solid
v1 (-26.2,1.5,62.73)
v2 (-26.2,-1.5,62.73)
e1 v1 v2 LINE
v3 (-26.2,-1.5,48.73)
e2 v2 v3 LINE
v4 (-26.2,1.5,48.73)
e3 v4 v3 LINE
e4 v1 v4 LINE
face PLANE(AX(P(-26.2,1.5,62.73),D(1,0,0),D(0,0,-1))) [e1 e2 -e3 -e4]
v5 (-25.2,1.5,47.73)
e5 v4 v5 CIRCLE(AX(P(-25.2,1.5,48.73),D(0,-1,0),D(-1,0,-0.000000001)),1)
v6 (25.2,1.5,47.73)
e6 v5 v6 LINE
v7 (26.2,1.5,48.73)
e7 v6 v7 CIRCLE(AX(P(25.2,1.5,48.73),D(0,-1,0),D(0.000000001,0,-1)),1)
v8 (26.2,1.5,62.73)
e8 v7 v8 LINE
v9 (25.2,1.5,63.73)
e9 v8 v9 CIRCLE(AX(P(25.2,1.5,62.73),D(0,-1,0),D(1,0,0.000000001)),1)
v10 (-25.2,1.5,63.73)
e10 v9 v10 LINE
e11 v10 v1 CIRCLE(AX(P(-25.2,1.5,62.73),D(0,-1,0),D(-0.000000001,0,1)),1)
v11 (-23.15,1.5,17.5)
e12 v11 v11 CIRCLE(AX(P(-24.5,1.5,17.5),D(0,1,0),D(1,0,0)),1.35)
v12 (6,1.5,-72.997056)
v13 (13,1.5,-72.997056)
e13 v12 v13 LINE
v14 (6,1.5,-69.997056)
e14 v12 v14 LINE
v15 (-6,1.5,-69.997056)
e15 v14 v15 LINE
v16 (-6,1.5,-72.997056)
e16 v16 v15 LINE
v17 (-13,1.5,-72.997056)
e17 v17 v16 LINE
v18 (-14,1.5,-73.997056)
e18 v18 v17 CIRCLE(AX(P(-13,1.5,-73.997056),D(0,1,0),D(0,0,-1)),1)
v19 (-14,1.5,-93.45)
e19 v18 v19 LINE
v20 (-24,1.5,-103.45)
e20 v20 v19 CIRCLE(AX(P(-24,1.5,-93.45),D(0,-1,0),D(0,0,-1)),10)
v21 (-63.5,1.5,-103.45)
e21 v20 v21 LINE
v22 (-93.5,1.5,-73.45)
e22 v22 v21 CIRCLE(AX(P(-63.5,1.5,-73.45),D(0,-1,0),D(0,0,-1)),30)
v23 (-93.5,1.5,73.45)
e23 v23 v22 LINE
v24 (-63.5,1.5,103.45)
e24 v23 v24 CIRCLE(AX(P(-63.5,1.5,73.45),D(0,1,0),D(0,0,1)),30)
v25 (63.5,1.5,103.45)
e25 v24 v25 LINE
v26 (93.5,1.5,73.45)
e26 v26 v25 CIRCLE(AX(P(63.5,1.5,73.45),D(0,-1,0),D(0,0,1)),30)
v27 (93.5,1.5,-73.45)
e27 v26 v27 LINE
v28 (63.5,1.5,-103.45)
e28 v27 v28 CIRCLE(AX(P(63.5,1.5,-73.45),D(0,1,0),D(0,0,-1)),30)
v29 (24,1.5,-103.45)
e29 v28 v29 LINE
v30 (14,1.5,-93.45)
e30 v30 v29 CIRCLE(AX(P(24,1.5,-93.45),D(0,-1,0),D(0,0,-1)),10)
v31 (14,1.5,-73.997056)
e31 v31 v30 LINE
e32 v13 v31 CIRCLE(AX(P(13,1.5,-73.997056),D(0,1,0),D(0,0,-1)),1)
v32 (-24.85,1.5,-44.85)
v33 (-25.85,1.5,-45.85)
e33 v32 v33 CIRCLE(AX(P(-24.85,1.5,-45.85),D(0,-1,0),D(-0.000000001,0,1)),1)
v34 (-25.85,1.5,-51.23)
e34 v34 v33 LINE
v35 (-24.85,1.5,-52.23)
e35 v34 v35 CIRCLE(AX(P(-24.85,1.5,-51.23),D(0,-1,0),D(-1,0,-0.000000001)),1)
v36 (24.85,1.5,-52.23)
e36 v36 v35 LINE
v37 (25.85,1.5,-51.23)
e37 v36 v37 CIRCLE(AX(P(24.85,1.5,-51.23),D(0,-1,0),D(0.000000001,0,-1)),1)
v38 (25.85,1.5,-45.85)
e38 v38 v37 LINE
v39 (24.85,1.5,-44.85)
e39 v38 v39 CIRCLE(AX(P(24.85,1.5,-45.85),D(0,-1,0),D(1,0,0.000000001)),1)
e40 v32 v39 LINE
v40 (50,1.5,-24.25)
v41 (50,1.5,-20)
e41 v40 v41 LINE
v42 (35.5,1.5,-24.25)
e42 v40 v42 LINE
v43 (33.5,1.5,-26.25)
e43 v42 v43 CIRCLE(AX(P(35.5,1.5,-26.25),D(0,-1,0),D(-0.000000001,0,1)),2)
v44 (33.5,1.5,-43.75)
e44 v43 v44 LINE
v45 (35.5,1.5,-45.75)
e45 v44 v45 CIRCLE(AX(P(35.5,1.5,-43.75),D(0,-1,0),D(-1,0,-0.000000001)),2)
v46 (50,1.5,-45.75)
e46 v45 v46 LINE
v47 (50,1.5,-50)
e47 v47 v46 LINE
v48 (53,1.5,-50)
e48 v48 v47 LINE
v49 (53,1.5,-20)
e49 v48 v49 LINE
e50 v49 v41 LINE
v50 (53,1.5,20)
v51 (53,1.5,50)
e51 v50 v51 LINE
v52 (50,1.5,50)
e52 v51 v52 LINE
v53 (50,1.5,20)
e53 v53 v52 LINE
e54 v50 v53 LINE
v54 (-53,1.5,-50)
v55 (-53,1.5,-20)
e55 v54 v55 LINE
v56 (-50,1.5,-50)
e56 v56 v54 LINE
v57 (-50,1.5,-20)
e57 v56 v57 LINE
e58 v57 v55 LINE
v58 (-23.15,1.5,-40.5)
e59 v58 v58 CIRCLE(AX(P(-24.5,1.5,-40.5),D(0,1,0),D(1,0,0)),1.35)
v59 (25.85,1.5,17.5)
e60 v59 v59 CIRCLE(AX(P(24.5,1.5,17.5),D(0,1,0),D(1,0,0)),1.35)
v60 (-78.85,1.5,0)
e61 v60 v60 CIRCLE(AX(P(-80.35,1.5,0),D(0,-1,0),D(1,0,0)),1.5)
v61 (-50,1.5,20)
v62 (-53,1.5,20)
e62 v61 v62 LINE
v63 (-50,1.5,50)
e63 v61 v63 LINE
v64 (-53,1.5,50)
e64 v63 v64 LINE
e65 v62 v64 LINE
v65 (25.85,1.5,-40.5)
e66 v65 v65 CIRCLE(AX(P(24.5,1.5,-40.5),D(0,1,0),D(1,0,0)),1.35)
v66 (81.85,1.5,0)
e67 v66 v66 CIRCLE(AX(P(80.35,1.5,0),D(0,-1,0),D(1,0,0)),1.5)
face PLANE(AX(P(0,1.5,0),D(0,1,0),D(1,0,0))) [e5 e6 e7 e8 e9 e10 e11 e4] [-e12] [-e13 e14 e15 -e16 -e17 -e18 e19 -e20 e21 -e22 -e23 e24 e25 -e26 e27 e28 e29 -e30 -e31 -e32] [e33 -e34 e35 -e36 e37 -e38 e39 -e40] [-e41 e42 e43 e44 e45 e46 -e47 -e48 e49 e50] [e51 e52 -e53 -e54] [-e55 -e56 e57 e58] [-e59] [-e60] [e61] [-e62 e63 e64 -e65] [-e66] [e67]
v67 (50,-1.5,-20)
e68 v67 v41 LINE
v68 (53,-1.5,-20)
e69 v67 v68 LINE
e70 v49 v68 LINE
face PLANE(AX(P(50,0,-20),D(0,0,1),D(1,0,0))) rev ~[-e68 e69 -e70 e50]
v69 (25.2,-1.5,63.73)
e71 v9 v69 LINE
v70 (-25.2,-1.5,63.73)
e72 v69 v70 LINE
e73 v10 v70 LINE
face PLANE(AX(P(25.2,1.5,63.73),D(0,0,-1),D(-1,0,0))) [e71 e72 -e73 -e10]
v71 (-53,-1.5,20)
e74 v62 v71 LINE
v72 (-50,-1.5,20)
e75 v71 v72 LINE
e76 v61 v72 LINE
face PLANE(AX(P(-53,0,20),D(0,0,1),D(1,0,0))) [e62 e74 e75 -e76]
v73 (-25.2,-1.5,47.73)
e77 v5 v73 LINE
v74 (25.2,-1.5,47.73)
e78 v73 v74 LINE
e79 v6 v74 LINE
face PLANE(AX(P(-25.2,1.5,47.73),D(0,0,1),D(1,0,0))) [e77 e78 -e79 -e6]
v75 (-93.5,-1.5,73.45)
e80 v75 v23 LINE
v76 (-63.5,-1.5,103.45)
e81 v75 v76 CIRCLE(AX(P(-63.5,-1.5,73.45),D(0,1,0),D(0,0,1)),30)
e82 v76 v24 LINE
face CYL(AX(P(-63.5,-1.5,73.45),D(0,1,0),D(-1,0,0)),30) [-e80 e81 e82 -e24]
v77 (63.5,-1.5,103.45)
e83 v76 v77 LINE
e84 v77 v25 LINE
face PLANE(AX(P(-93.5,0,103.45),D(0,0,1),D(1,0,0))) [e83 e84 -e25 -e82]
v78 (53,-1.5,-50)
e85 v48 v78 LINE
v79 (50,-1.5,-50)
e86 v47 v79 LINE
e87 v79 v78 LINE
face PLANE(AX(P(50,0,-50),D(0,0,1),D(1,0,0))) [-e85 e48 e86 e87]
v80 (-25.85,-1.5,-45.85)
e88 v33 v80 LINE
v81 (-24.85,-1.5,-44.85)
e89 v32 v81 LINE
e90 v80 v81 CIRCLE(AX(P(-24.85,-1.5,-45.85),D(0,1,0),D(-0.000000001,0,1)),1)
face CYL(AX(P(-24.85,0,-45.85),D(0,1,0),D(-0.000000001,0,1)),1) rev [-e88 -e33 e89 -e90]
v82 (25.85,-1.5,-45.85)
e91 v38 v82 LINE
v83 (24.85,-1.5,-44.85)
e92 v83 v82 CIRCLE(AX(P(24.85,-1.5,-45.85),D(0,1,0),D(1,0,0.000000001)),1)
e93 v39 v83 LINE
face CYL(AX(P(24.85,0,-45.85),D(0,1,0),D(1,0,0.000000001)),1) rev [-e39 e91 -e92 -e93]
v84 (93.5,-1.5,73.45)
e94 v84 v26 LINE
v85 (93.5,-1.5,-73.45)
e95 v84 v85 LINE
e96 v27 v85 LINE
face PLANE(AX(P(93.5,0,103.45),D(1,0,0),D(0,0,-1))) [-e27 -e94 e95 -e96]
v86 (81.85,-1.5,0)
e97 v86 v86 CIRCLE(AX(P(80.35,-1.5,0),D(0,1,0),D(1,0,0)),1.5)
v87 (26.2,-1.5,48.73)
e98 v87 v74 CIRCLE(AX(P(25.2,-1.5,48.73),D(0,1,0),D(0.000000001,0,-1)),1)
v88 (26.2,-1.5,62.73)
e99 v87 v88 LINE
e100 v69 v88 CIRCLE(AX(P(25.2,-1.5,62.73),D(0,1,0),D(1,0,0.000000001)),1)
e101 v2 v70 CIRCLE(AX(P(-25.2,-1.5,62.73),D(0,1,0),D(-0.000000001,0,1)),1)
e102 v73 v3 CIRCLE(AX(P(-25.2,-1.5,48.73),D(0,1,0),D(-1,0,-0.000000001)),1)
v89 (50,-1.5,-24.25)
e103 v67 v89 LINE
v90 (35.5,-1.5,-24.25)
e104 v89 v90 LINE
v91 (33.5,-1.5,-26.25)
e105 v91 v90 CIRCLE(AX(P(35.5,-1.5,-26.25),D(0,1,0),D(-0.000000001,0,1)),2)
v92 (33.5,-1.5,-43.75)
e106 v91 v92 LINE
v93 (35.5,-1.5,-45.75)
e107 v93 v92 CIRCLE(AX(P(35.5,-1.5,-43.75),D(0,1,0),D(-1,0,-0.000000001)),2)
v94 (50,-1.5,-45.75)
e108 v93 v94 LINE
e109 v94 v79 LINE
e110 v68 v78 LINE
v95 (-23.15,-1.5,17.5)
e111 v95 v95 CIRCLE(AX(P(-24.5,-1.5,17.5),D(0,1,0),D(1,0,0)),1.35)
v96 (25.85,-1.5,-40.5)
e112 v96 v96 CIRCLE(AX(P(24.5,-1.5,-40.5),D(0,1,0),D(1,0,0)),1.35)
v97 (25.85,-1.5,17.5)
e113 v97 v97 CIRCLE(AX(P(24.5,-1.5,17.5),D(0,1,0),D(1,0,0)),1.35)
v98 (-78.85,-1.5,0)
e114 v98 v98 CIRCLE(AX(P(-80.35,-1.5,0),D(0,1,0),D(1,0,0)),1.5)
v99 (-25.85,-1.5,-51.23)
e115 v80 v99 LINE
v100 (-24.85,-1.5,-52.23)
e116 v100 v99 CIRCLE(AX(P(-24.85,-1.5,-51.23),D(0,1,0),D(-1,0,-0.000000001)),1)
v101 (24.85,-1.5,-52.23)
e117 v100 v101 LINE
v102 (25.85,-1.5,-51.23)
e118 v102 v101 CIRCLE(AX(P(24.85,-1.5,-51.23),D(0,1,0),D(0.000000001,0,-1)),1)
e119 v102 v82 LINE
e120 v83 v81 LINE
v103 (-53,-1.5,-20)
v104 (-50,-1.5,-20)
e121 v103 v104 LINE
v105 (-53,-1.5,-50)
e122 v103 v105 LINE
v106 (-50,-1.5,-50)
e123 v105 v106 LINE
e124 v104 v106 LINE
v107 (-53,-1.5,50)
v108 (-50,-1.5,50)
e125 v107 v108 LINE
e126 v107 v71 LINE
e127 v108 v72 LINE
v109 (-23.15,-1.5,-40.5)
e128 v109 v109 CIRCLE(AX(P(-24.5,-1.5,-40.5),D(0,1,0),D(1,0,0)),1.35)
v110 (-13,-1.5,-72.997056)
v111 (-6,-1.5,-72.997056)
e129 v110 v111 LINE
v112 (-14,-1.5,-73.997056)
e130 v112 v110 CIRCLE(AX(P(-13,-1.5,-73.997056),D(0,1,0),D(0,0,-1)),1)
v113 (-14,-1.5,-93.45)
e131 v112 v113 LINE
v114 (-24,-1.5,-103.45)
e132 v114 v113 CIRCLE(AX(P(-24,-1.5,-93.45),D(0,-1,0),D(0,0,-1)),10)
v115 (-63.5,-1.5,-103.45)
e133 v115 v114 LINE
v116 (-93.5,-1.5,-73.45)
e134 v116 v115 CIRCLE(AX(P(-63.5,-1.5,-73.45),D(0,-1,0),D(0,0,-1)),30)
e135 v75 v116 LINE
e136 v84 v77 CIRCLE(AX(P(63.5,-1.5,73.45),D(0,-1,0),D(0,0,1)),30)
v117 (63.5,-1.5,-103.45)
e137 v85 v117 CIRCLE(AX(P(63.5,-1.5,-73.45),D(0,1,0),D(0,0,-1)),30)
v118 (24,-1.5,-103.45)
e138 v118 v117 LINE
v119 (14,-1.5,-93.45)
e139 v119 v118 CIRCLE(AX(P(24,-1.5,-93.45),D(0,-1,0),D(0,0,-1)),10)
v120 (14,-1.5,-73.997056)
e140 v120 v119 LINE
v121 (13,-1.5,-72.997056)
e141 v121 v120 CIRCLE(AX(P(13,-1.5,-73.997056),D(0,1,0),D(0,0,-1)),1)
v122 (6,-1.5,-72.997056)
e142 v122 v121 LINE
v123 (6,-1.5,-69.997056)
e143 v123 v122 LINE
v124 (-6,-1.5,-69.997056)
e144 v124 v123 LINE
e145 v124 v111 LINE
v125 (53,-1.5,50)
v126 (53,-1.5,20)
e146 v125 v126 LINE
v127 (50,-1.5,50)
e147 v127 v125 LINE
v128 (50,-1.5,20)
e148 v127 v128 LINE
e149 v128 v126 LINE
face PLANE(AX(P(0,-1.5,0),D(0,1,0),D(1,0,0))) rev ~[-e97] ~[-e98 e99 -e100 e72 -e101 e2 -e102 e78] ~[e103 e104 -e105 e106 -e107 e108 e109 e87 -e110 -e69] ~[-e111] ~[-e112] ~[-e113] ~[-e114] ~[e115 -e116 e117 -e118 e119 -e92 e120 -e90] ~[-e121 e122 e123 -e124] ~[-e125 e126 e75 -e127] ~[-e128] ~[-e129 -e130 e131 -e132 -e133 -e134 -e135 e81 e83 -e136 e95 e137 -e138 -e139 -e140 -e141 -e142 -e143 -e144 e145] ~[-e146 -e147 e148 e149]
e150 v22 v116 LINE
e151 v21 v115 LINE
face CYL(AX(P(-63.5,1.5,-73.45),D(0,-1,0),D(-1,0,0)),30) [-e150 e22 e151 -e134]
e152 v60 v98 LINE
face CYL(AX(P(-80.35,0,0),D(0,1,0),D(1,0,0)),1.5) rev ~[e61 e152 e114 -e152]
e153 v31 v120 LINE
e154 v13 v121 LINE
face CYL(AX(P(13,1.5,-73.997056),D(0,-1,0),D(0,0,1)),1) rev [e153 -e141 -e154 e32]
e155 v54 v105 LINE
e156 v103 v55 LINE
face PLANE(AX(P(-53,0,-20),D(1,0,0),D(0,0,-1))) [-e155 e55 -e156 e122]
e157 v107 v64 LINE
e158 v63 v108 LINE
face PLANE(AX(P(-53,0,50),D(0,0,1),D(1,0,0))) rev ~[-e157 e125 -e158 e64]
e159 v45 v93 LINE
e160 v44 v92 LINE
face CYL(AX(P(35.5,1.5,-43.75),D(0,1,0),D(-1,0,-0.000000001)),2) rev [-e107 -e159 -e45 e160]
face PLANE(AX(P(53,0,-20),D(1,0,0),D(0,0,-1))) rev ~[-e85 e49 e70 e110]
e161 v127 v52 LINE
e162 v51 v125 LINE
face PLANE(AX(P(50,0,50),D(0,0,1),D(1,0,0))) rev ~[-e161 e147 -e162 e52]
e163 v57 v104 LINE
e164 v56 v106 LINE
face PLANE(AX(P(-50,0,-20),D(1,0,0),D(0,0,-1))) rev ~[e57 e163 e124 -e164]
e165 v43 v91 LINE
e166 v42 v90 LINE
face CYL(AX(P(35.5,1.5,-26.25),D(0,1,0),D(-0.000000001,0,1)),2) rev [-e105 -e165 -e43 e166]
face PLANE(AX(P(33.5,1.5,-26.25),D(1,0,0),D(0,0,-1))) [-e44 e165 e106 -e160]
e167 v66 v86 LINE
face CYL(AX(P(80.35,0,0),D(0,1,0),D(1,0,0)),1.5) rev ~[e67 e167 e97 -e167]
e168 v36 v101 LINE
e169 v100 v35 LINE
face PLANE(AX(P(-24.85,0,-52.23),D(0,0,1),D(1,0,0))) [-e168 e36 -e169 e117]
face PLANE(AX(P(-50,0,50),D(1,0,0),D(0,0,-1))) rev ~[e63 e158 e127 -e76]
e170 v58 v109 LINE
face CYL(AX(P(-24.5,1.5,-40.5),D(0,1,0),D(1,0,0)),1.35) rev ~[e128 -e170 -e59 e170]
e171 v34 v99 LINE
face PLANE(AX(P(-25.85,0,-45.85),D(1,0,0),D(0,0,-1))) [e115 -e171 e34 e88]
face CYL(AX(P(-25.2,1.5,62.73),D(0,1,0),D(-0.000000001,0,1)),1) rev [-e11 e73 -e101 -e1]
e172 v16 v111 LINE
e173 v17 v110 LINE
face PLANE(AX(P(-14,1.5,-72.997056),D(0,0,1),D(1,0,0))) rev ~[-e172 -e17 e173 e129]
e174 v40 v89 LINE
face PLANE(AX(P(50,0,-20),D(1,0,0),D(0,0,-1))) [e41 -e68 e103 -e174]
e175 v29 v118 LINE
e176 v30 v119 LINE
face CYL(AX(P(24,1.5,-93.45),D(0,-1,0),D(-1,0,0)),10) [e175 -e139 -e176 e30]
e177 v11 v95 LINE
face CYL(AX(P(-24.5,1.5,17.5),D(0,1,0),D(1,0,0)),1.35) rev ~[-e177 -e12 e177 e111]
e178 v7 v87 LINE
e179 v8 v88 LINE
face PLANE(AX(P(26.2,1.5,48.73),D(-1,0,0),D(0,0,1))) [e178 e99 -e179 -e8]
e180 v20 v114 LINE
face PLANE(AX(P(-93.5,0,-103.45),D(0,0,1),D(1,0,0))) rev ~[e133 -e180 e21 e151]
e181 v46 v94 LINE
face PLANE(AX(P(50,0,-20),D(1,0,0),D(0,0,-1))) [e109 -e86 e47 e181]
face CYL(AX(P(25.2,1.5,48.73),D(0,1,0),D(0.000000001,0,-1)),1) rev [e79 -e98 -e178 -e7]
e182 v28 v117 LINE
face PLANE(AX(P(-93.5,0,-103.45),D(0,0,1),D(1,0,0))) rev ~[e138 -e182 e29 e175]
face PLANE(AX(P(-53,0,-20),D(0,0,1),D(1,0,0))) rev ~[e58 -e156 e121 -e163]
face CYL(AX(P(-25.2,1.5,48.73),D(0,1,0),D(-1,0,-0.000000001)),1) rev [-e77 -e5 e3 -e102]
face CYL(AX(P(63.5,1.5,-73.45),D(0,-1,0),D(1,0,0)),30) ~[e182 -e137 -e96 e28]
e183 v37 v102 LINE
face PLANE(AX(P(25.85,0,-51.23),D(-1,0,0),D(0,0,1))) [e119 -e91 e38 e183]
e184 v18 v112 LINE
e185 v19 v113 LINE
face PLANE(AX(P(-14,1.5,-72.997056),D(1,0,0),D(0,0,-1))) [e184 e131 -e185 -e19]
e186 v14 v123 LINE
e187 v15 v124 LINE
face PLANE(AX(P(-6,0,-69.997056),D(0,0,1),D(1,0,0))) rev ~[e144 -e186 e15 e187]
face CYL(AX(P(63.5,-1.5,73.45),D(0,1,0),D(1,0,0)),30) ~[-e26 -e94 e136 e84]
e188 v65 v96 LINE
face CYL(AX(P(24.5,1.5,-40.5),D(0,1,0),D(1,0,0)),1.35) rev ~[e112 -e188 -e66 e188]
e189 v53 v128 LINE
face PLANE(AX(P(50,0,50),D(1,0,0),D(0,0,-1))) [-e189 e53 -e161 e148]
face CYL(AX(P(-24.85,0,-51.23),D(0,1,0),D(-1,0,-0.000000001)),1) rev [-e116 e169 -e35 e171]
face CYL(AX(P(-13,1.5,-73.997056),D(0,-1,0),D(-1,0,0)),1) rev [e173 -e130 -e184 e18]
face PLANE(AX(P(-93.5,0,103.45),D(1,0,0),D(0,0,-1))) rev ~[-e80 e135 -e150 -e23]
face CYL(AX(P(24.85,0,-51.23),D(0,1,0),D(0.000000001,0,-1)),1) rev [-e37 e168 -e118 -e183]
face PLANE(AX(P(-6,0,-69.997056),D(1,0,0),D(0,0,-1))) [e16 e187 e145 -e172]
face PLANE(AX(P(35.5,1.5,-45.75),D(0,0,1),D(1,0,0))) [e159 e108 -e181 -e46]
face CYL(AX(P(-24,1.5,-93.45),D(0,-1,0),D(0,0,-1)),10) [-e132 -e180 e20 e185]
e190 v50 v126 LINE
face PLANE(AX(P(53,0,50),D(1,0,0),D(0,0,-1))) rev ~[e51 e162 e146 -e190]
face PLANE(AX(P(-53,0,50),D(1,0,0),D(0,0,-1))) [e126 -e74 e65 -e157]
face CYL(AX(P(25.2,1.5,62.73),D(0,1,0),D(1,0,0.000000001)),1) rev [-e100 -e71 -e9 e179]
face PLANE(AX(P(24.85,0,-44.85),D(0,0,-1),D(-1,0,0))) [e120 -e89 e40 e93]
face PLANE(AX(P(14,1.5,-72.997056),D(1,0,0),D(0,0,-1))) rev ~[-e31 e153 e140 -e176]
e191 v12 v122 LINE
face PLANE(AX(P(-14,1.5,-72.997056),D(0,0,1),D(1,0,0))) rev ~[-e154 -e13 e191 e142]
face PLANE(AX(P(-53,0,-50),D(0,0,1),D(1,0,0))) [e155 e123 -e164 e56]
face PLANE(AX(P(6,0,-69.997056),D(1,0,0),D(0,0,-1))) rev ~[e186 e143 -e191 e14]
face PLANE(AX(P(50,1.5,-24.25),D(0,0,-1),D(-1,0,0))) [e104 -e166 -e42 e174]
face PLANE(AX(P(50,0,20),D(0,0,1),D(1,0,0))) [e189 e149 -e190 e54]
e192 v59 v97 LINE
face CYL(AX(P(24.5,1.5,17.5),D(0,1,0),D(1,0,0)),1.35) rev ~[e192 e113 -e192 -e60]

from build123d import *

# Parameters (mm, degrees)
SKETCH1_W                = 187
SKETCH1_H                = 206.9
BOSS_EXTRUDE1_DEPTH      = 1.5
FILLET1_R                = 30
SKETCH2_W                = 3
SKETCH2_H                = 30
CUT_EXTRUDE1_DEPTH       = 2.5
CUT_EXTRUDE1_DEPTH_BACK  = 2.5
SKETCH4_R                = 1.35
CUT_EXTRUDE3_DEPTH       = 1
CUT_EXTRUDE3_DEPTH_BACK  = 4
CUT_EXTRUDE2_DEPTH       = 4
CUT_EXTRUDE5_DEPTH       = 1
CUT_EXTRUDE5_DEPTH_BACK  = 4
CUT_EXTRUDE6_DEPTH       = 2.5
CUT_EXTRUDE6_DEPTH_BACK  = 2.5
SKETCH10_R               = 1.5
CUT_EXTRUDE9_DEPTH       = 2.5
CUT_EXTRUDE9_DEPTH_BACK  = 2.5
SKETCH11_W               = 28
SKETCH11_H               = 30.45294386
CUT_EXTRUDE10_DEPTH      = 1
CUT_EXTRUDE10_DEPTH_BACK = 4
FILLET2_R                = 10
FILLET2_2_R              = 1
SKETCH12_W               = 12
SKETCH12_H               = 3
CUT_EXTRUDE11_DEPTH      = 2.5
CUT_EXTRUDE11_DEPTH_BACK = 2.5


with BuildPart() as part:
    # Sketch1 → Boss-Extrude1 (new body, symmetric)
    with BuildSketch(Plane(origin=(0, 0, 0), x_dir=(1, 0, 0), z_dir=(0, 1, 0))):
        Rectangle(SKETCH1_W, SKETCH1_H)
    extrude(amount=BOSS_EXTRUDE1_DEPTH, both=True)

    # Fillet1
    fillet1_edges = [part.edges().sort_by_distance(p)[0] for p in [
        (-93.5, 0, -103.45),
        (93.5, 0, -103.45),
        (93.5, 0, 103.45),
        (-93.5, 0, 103.45),
    ]]
    fillet(fillet1_edges, radius=FILLET1_R)

    # Sketch2 → Cut-Extrude1 (cut, two sides)
    with BuildSketch(Plane(origin=(0, 0, 0), x_dir=(1, 0, 0), z_dir=(0, 1, 0))) as cut_extrude1_sk:
        with Locations((-51.5, 35)):
            Rectangle(SKETCH2_W, SKETCH2_H)
        with Locations((-51.5, -35)):
            Rectangle(SKETCH2_W, SKETCH2_H)
        with Locations((51.5, -35)):
            Rectangle(SKETCH2_W, SKETCH2_H)
        with Locations((51.5, 35)):
            Rectangle(SKETCH2_W, SKETCH2_H)
    extrude(amount=CUT_EXTRUDE1_DEPTH, mode=Mode.SUBTRACT)
    extrude(cut_extrude1_sk.sketch, amount=-CUT_EXTRUDE1_DEPTH_BACK, mode=Mode.SUBTRACT)

    # Sketch4 → Cut-Extrude3 (cut, two sides)
    with BuildSketch(Plane(origin=(0, 1.5, 0), x_dir=(1, 0, 0), z_dir=(0, 1, 0))) as cut_extrude3_sk:
        with Locations((24.5, -17.5)):
            Circle(SKETCH4_R)
        with Locations((-24.5, -17.5)):
            Circle(SKETCH4_R)
        with Locations((24.5, 40.5)):
            Circle(SKETCH4_R)
        with Locations((-24.5, 40.5)):
            Circle(SKETCH4_R)
    extrude(amount=CUT_EXTRUDE3_DEPTH, mode=Mode.SUBTRACT)
    extrude(cut_extrude3_sk.sketch, amount=-CUT_EXTRUDE3_DEPTH_BACK, mode=Mode.SUBTRACT)

    # Sketch3 → Cut-Extrude2 (cut, through all)
    with BuildSketch(Plane(origin=(0, 1.5, 0), x_dir=(1, 0, 0), z_dir=(0, 1, 0))):
        with BuildLine():
            Line((50, 45.75), (50, 24.25))
            Line((50, 24.25), (35.5, 24.25))
            ThreePointArc((35.5, 24.25), (34.085786438, 24.835786438), (33.5, 26.25))
            Line((33.5, 26.25), (33.5, 43.75))
            ThreePointArc((33.5, 43.75), (34.085786438, 45.164213562), (35.5, 45.75))
            Line((35.5, 45.75), (50, 45.75))
        make_face()
    extrude(amount=-CUT_EXTRUDE2_DEPTH, mode=Mode.SUBTRACT)

    # Sketch6 → Cut-Extrude5 (cut, two sides)
    with BuildSketch(Plane(origin=(0, 1.5, 0), x_dir=(1, 0, 0), z_dir=(0, 1, 0))) as cut_extrude5_sk:
        with BuildLine():
            Line((-25.2, -47.73), (25.2, -47.73))
            ThreePointArc((25.2, -47.73), (25.907106781, -48.022893219), (26.2, -48.73))
            Line((26.2, -48.73), (26.2, -62.73))
            ThreePointArc((26.2, -62.73), (25.907106781, -63.437106781), (25.2, -63.73))
            Line((25.2, -63.73), (-25.2, -63.73))
            ThreePointArc((-25.2, -63.73), (-25.907106781, -63.437106781), (-26.2, -62.73))
            Line((-26.2, -62.73), (-26.2, -48.73))
            ThreePointArc((-26.2, -48.73), (-25.907106781, -48.022893219), (-25.2, -47.73))
        make_face()
    extrude(amount=CUT_EXTRUDE5_DEPTH, mode=Mode.SUBTRACT)
    extrude(cut_extrude5_sk.sketch, amount=-CUT_EXTRUDE5_DEPTH_BACK, mode=Mode.SUBTRACT)

    # Sketch7 → Cut-Extrude6 (cut, two sides)
    with BuildSketch(Plane(origin=(0, 0, 0), x_dir=(1, 0, 0), z_dir=(0, 1, 0))) as cut_extrude6_sk:
        with BuildLine():
            Line((-24.85, 52.23), (24.85, 52.23))
            ThreePointArc((24.85, 52.23), (25.557106781, 51.937106781), (25.85, 51.23))
            Line((25.85, 51.23), (25.85, 45.85))
            ThreePointArc((25.85, 45.85), (25.557106781, 45.142893219), (24.85, 44.85))
            Line((24.85, 44.85), (-24.85, 44.85))
            ThreePointArc((-24.85, 44.85), (-25.557106781, 45.142893219), (-25.85, 45.85))
            Line((-25.85, 45.85), (-25.85, 51.23))
            ThreePointArc((-25.85, 51.23), (-25.557106781, 51.937106781), (-24.85, 52.23))
        make_face()
    extrude(amount=CUT_EXTRUDE6_DEPTH, mode=Mode.SUBTRACT)
    extrude(cut_extrude6_sk.sketch, amount=-CUT_EXTRUDE6_DEPTH_BACK, mode=Mode.SUBTRACT)

    # Sketch10 → Cut-Extrude9 (cut, two sides)
    with BuildSketch(Plane(origin=(0, 0, 0), x_dir=(1, 0, 0), z_dir=(0, 1, 0))) as cut_extrude9_sk:
        with Locations((-80.35, 0)):
            Circle(SKETCH10_R)
        with Locations((80.35, 0)):
            Circle(SKETCH10_R)
    extrude(amount=CUT_EXTRUDE9_DEPTH, mode=Mode.SUBTRACT)
    extrude(cut_extrude9_sk.sketch, amount=-CUT_EXTRUDE9_DEPTH_BACK, mode=Mode.SUBTRACT)

    # Sketch11 → Cut-Extrude10 (cut, two sides)
    with BuildSketch(Plane(origin=(0, 1.5, 0), x_dir=(1, 0, 0), z_dir=(0, 1, 0))) as cut_extrude10_sk:
        with Locations((0, 88.22352807)):
            Rectangle(SKETCH11_W, SKETCH11_H)
    extrude(amount=CUT_EXTRUDE10_DEPTH, mode=Mode.SUBTRACT)
    extrude(cut_extrude10_sk.sketch, amount=-CUT_EXTRUDE10_DEPTH_BACK, mode=Mode.SUBTRACT)

    # Fillet2
    fillet2_edges = [part.edges().sort_by_distance(p)[0] for p in [
        (-14, 0, -103.45),
        (14, 0, -103.45),
    ]]
    fillet(fillet2_edges, radius=FILLET2_R)

    # Fillet2 2
    fillet2_2_edges = [part.edges().sort_by_distance(p)[0] for p in [
        (-14, 0, -72.99705614),
        (14, 0, -72.99705614),
    ]]
    fillet(fillet2_2_edges, radius=FILLET2_2_R)

    # Sketch12 → Cut-Extrude11 (cut, two sides)
    with BuildSketch(Plane(origin=(0, 0, 0), x_dir=(1, 0, 0), z_dir=(0, 1, 0))) as cut_extrude11_sk:
        with Locations((0, 71.49705614)):
            Rectangle(SKETCH12_W, SKETCH12_H)
    extrude(amount=CUT_EXTRUDE11_DEPTH, mode=Mode.SUBTRACT)
    extrude(cut_extrude11_sk.sketch, amount=-CUT_EXTRUDE11_DEPTH_BACK, mode=Mode.SUBTRACT)


solid = part.part
